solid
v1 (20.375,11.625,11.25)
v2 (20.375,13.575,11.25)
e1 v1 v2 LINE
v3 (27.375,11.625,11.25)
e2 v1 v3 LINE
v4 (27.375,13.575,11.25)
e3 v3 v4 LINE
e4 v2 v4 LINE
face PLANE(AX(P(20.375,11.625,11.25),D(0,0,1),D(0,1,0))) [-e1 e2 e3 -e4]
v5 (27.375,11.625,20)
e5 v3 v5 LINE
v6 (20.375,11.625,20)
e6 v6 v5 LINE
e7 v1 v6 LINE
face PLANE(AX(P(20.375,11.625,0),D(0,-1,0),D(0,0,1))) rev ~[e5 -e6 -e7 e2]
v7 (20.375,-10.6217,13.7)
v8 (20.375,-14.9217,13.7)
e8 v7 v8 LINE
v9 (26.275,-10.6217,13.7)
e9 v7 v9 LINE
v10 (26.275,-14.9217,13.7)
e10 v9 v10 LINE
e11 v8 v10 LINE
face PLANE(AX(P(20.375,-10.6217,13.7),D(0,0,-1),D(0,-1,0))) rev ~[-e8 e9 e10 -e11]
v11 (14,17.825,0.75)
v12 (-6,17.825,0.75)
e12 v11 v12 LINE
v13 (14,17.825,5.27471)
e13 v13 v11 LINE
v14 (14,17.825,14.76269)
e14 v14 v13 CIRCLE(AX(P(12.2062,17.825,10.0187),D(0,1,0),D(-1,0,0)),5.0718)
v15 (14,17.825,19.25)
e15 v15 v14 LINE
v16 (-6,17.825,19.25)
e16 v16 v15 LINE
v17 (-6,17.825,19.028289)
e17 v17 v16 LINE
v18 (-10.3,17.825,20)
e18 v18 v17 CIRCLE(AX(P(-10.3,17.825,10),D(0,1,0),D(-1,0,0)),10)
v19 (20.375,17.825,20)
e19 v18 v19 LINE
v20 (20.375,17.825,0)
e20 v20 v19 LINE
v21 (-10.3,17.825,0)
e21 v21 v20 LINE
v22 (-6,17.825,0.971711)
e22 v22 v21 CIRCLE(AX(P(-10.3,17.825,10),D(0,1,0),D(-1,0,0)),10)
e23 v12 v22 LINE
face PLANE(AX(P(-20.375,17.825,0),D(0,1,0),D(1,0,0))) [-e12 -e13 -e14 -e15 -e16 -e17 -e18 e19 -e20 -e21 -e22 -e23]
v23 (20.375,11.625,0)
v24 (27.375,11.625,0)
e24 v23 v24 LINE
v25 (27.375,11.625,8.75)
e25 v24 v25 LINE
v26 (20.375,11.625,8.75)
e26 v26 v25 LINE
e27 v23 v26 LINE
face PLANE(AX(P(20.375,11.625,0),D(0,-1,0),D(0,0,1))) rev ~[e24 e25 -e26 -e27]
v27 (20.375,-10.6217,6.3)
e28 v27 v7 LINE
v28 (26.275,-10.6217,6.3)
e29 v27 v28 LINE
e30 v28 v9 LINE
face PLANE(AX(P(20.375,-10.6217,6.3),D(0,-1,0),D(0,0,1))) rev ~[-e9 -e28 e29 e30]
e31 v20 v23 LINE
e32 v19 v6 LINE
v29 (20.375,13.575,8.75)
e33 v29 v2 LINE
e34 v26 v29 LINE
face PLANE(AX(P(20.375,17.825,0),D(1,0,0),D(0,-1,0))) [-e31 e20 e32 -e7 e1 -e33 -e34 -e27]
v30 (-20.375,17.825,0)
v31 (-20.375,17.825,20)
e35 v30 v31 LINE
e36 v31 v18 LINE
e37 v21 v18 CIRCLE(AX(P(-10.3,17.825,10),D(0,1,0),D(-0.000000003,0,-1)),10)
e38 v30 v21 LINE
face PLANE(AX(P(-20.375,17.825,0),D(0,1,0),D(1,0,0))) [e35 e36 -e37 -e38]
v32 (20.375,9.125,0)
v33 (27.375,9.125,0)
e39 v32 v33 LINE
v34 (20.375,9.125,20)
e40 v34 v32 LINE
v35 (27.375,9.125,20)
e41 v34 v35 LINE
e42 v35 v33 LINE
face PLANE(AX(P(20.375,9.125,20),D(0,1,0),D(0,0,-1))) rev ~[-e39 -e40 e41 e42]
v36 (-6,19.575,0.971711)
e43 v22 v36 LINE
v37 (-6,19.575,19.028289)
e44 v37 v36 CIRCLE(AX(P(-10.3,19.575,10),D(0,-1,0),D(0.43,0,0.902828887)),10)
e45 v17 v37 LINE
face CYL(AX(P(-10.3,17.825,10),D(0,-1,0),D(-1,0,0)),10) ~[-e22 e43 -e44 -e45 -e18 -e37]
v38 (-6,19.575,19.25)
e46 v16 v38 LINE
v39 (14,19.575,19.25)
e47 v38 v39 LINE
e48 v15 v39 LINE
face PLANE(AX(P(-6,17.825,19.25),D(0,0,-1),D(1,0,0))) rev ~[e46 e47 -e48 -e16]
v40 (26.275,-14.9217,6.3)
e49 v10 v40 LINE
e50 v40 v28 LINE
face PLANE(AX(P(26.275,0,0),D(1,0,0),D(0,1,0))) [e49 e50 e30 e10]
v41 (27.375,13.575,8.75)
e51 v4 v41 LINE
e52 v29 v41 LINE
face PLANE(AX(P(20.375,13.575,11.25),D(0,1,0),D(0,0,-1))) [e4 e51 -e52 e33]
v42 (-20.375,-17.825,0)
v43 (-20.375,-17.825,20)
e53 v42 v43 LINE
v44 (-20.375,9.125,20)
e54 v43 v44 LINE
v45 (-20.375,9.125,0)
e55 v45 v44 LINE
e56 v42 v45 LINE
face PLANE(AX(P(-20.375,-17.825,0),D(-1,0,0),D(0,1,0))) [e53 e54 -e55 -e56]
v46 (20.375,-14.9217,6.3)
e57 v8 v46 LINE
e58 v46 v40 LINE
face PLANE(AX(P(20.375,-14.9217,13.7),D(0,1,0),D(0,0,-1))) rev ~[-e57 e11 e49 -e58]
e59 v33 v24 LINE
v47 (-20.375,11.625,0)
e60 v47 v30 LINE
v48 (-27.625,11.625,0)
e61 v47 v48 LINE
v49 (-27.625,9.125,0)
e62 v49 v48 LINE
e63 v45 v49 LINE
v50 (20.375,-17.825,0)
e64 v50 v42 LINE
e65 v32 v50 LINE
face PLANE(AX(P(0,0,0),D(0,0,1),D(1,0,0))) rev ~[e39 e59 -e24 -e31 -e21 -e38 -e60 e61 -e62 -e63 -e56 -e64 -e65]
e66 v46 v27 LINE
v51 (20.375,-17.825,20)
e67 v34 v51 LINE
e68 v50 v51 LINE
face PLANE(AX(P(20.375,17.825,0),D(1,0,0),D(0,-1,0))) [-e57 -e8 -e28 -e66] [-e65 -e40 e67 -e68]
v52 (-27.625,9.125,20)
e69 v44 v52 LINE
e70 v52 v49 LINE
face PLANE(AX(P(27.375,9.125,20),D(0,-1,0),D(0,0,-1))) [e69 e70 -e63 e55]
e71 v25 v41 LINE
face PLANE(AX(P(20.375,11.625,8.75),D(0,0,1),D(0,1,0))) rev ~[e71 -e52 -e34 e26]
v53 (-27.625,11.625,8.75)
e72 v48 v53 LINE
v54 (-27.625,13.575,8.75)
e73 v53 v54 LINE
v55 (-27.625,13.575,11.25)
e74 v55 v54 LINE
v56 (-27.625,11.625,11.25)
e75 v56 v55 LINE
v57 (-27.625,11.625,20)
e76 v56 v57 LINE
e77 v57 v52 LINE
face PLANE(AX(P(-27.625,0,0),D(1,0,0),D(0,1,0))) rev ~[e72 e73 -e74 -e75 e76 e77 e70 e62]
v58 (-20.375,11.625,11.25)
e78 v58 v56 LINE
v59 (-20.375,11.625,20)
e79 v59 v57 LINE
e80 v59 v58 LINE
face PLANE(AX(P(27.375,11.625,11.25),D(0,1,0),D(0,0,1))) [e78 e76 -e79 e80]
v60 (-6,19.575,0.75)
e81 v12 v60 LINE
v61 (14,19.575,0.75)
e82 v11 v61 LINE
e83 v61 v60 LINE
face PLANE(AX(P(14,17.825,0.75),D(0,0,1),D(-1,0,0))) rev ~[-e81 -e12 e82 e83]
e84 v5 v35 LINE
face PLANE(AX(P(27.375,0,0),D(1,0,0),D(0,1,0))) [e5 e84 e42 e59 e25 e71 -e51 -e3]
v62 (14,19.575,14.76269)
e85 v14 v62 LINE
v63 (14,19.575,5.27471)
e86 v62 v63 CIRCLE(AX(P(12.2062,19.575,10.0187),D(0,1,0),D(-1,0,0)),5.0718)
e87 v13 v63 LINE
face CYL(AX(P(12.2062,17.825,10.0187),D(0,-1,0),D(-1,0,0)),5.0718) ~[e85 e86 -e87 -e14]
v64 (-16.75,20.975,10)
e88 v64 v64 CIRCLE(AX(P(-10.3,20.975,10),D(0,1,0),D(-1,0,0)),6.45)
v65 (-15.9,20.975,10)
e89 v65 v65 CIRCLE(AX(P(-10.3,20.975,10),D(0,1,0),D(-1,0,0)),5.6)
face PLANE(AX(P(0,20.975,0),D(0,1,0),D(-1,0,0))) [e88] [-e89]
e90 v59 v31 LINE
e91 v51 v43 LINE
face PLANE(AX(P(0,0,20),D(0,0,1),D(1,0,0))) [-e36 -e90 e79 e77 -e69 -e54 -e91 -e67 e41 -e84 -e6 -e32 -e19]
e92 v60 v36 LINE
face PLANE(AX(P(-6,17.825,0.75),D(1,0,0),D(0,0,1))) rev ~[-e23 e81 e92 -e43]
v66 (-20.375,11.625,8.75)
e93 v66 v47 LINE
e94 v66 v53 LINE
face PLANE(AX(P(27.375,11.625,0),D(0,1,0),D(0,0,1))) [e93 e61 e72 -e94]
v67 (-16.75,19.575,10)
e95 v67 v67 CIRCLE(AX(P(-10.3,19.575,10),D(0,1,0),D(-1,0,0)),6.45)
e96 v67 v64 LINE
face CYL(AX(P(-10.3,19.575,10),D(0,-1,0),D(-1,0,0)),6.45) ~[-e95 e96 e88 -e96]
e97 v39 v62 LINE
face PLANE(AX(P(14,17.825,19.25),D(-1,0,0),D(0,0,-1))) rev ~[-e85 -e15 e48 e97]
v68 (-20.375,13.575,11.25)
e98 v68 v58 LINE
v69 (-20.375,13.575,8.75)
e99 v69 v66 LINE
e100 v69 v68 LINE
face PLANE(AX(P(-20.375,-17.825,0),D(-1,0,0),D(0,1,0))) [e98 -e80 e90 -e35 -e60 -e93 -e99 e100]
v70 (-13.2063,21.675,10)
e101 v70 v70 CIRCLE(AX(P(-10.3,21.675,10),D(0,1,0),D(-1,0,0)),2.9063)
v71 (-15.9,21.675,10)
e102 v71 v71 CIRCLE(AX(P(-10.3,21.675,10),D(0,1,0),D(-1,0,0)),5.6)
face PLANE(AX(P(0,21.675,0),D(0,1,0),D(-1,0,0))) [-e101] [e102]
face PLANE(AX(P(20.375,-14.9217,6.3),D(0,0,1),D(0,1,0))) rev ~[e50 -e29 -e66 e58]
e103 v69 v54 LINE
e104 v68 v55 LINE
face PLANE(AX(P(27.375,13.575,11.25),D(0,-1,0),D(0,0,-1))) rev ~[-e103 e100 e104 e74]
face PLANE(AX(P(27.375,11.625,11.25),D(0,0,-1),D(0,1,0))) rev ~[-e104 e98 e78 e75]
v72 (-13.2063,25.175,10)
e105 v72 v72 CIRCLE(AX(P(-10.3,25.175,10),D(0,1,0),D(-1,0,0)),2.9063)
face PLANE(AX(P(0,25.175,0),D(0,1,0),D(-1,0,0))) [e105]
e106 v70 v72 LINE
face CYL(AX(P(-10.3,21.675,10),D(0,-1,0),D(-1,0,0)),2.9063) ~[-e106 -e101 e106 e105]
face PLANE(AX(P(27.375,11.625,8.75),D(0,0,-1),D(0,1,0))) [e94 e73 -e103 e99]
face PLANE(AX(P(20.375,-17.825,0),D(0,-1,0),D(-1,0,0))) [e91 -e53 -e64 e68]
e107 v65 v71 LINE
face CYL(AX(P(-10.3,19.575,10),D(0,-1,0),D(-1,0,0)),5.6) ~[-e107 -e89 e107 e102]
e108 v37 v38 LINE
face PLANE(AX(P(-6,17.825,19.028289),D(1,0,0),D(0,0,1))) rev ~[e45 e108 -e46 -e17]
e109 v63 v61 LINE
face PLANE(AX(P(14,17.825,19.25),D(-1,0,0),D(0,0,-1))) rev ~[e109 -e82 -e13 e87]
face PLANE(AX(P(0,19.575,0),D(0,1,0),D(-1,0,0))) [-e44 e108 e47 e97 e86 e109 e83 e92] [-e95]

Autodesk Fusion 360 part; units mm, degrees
sketch "Sketch1" plane through (0, 0, 0) normal (0, 0, 1) x (1, 0, 0)
  line L0 (-20.375, 17.825) -> (20.375, 17.825)
  line L1 (20.375, 17.825) -> (20.375, -17.825)
  line L2 (20.375, -17.825) -> (-20.375, -17.825)
  line L3 (-20.375, -17.825) -> (-20.375, 17.825)
  line L4 (-20.375, 17.825) -> (20.375, -17.825) construction
  line L5 (20.375, 17.825) -> (-20.375, -17.825) construction
  dimension "d1" = 40.75
  dimension "d2" = 35.65
extrude "Extrude1" add sketch "Sketch1" along normal blind 20
sketch "Sketch2" plane through (20.375, 0, 0) normal (1, 0, 0) x (0, 1, 0)
  line L0 (-17.825, 0) -> (17.825, 0)
  line L1 (17.825, 0) -> (17.825, 20)
  line L2 (17.825, 20) -> (-17.825, 20)
  line L3 (-17.825, 20) -> (-17.825, 0)
  line L4 (17.825, 20) -> (11.625, 20)
  line L5 (11.625, 20) -> (9.125, 20)
  line L6 (9.125, 20) -> (9.125, 0)
  line L7 (9.125, 0) -> (11.625, 0)
  line L8 (11.625, 0) -> (11.625, 20)
  dimension "d5" = 6.2
  dimension "d6" = 2.5
extrude "Extrude2" add sketch "Sketch2" along normal blind 7 contours L0 L2 L5 L6 L7 L8
sketch "Sketch3" plane through (20.375, 0, 0) normal (1, 0, 0) x (0, 1, 0)
  line L0 (11.625, 20) -> (11.625, 0)
  line L1 (11.625, 0) -> (17.825, 0)
  line L2 (17.825, 0) -> (17.825, 20)
  line L3 (17.825, 20) -> (11.625, 20)
  line L4 (11.625, 20) -> (11.625, 11.25)
  line L5 (11.625, 0) -> (11.625, 8.75)
  line L6 (17.825, 10) -> (13.575, 10)
  line L7 (11.625, 11.25) -> (13.575, 11.25)
  line L8 (13.575, 11.25) -> (13.575, 10)
  line L9 (13.575, 10) -> (11.625, 10)
  line L10 (11.625, 10) -> (11.625, 11.25)
  line L11 (13.575, 10) -> (11.625, 10)
  line L12 (11.625, 10) -> (11.625, 8.75)
  line L13 (11.625, 8.75) -> (13.575, 8.75)
  line L14 (13.575, 8.75) -> (13.575, 10)
  dimension "d9" = 8.75
  dimension "d10" = 8.75
  dimension "d11" = 4.25
extrude "Extrude3" add sketch "Sketch3" along normal blind 7 contours L0 L7 L8 L9 L10 L11 | L0 L9 L11 L12 L13 L14
extrude "Extrude4" add 1 faces at (27.375, 9.9583, 9.5833) along direction (-1, 0, 0) blind 55
sketch "Sketch4" plane through (20.375, 0, 0) normal (1, 0, 0) x (0, 1, 0)
  line L0 (9.125, 0) -> (9.125, 20)
  line L1 (9.125, 20) -> (-17.825, 20)
  line L2 (-17.825, 20) -> (-17.825, 0)
  line L3 (-17.825, 0) -> (9.125, 0)
sketch "Sketch5" plane through (20.375, 0, 0) normal (1, 0, 0) x (0, 1, 0)
  line L0 (-15, 20) -> (-15, 13.7)
  line L1 (-17.8217, 13.7) -> (-14.9217, 13.7)
  line L2 (-14.9217, 0) -> (-14.9217, 6.3)
  line L3 (-14.9217, 6.3) -> (-10.6217, 6.3)
  line L4 (-10.6217, 6.3) -> (-10.6217, 13.7)
  line L5 (-10.6217, 13.7) -> (-14.9217, 13.7)
  line L6 (-14.9217, 13.7) -> (-14.9217, 6.3)
  dimension "d16" = 6.3
  dimension "d17" = 2.9
  dimension "d18" = 6.3
  dimension "d19" = 4.3
extrude "Extrude5" add sketch "Sketch5" along normal blind 5.9
sketch "Sketch6" plane through (0, 17.825, 0) normal (0, 1, 0) x (-1, 0, 0)
  line L0 (-20.375, 0) -> (20.375, 0)
  line L1 (20.375, 0) -> (20.375, 20)
  line L2 (20.375, 20) -> (-20.375, 20)
  line L3 (-20.375, 20) -> (-20.375, 0)
  line L4 (-20.375, 4.9972) -> (-14.025, 4.9972)
  line L5 (-14, 0) -> (-14, 0.75)
  line L6 (-14, 20) -> (-14, 19.25)
  line L7 (-14, 0.75) -> (6, 0.75)
  line L8 (6, 0.75) -> (6, 19.25)
  line L9 (6, 19.25) -> (-14, 19.25)
  line L10 (-14, 19.25) -> (-14, 0.75)
  circle A0 centre (10.3, 10) radius 10
  dimension "d22" = 6.35
  dimension "d23" = 0.75
  dimension "d24" = 0.75
  dimension "d25" = 20
  dimension "d26" = 18.5
extrude "Extrude6" add sketch "Sketch6" along normal blind 1.75 contours L8 A0 | L7 L8 L9 L10 A0 | L8 A0
sketch "Sketch7" plane through (0, 19.575, 0) normal (0, 1, 0) x (-1, 0, 0)
  arc A0 (6, 0.9717) -> (6, 19.0283) centre (10.3, 10) ccw
  line L0 (6, 19.0283) -> (6, 19.25)
  line L1 (6, 19.25) -> (-14, 19.25)
  line L2 (-14, 19.25) -> (-14, 0.75)
  line L3 (-14, 0.75) -> (6, 0.75)
  line L4 (6, 0.75) -> (6, 0.9717)
  circle A1 centre (10.3, 10) radius 6.45
  circle A2 centre (10.3, 10) radius 5.6
  circle A3 centre (10.3, 10) radius 2.9
  dimension "d29" = 12.9
  dimension "d30" = 11.2
  dimension "d31" = 5.8
extrude "Extrude7" add sketch "Sketch7" along normal blind 1.4 contours A1
extrude "Extrude8" add 1 faces at (-12.8422, 19.575, 11.496) along direction (0, 1, 0) blind 2.1
sketch "Sketch8" plane through (0, 21.675, 0) normal (0, 1, 0) x (-1, 0, 0)
  circle A0 centre (10.3, 10) radius 5.6
sketch "Sketch9" plane through (0, 21.675, 0) normal (0, 1, 0) x (-1, 0, 0)
  circle A0 through (13.2, 10, -2.1) (8.85, 12.5115, -2.1) (8.85, 7.4885, -2.1)
  circle A1 centre (10.3, 10) radius 2.9063
  circle A2 centre (10.3, 10) radius 5.6
  circle A3 centre (10.3, 10) radius 2.9063
  point P0 (10.3, 10)
extrude "Extrude9" add sketch "Sketch9" along normal blind 3.5 contours A1 A3
sketch "Sketch10" plane through (0, 17.825, 0) normal (0, 1, 0) x (-1, 0, 0)
  arc A0 (10.3, 20) -> (6, 19.0283) centre (10.3, 10) ccw
  line L0 (10.3, 20) -> (-20.375, 20)
  line L1 (-20.375, 20) -> (-20.375, 0)
  line L2 (-20.375, 0) -> (10.3, 0)
  arc A1 (6, 0.9717) -> (10.3, 0) centre (10.3, 10) ccw
  line L3 (6, 0.9717) -> (6, 0.75)
  line L4 (6, 0.75) -> (-14, 0.75)
  line L5 (-14, 0.75) -> (-14, 19.25)
  line L6 (-14, 19.25) -> (6, 19.25)
  line L7 (6, 19.25) -> (6, 19.0283)
  line L8 (-14, 14.875) -> (-14, 5.125)
  circle A2 centre (-12.2062, 10.0187) radius 5.0718
  point P0 (-14, 10)
  dimension "d38" = 9.75
extrude "Extrude10" add sketch "Sketch10" along normal blind 1.75 contours L5 L8 A2 picked at (-15.8122, 10.2321)
